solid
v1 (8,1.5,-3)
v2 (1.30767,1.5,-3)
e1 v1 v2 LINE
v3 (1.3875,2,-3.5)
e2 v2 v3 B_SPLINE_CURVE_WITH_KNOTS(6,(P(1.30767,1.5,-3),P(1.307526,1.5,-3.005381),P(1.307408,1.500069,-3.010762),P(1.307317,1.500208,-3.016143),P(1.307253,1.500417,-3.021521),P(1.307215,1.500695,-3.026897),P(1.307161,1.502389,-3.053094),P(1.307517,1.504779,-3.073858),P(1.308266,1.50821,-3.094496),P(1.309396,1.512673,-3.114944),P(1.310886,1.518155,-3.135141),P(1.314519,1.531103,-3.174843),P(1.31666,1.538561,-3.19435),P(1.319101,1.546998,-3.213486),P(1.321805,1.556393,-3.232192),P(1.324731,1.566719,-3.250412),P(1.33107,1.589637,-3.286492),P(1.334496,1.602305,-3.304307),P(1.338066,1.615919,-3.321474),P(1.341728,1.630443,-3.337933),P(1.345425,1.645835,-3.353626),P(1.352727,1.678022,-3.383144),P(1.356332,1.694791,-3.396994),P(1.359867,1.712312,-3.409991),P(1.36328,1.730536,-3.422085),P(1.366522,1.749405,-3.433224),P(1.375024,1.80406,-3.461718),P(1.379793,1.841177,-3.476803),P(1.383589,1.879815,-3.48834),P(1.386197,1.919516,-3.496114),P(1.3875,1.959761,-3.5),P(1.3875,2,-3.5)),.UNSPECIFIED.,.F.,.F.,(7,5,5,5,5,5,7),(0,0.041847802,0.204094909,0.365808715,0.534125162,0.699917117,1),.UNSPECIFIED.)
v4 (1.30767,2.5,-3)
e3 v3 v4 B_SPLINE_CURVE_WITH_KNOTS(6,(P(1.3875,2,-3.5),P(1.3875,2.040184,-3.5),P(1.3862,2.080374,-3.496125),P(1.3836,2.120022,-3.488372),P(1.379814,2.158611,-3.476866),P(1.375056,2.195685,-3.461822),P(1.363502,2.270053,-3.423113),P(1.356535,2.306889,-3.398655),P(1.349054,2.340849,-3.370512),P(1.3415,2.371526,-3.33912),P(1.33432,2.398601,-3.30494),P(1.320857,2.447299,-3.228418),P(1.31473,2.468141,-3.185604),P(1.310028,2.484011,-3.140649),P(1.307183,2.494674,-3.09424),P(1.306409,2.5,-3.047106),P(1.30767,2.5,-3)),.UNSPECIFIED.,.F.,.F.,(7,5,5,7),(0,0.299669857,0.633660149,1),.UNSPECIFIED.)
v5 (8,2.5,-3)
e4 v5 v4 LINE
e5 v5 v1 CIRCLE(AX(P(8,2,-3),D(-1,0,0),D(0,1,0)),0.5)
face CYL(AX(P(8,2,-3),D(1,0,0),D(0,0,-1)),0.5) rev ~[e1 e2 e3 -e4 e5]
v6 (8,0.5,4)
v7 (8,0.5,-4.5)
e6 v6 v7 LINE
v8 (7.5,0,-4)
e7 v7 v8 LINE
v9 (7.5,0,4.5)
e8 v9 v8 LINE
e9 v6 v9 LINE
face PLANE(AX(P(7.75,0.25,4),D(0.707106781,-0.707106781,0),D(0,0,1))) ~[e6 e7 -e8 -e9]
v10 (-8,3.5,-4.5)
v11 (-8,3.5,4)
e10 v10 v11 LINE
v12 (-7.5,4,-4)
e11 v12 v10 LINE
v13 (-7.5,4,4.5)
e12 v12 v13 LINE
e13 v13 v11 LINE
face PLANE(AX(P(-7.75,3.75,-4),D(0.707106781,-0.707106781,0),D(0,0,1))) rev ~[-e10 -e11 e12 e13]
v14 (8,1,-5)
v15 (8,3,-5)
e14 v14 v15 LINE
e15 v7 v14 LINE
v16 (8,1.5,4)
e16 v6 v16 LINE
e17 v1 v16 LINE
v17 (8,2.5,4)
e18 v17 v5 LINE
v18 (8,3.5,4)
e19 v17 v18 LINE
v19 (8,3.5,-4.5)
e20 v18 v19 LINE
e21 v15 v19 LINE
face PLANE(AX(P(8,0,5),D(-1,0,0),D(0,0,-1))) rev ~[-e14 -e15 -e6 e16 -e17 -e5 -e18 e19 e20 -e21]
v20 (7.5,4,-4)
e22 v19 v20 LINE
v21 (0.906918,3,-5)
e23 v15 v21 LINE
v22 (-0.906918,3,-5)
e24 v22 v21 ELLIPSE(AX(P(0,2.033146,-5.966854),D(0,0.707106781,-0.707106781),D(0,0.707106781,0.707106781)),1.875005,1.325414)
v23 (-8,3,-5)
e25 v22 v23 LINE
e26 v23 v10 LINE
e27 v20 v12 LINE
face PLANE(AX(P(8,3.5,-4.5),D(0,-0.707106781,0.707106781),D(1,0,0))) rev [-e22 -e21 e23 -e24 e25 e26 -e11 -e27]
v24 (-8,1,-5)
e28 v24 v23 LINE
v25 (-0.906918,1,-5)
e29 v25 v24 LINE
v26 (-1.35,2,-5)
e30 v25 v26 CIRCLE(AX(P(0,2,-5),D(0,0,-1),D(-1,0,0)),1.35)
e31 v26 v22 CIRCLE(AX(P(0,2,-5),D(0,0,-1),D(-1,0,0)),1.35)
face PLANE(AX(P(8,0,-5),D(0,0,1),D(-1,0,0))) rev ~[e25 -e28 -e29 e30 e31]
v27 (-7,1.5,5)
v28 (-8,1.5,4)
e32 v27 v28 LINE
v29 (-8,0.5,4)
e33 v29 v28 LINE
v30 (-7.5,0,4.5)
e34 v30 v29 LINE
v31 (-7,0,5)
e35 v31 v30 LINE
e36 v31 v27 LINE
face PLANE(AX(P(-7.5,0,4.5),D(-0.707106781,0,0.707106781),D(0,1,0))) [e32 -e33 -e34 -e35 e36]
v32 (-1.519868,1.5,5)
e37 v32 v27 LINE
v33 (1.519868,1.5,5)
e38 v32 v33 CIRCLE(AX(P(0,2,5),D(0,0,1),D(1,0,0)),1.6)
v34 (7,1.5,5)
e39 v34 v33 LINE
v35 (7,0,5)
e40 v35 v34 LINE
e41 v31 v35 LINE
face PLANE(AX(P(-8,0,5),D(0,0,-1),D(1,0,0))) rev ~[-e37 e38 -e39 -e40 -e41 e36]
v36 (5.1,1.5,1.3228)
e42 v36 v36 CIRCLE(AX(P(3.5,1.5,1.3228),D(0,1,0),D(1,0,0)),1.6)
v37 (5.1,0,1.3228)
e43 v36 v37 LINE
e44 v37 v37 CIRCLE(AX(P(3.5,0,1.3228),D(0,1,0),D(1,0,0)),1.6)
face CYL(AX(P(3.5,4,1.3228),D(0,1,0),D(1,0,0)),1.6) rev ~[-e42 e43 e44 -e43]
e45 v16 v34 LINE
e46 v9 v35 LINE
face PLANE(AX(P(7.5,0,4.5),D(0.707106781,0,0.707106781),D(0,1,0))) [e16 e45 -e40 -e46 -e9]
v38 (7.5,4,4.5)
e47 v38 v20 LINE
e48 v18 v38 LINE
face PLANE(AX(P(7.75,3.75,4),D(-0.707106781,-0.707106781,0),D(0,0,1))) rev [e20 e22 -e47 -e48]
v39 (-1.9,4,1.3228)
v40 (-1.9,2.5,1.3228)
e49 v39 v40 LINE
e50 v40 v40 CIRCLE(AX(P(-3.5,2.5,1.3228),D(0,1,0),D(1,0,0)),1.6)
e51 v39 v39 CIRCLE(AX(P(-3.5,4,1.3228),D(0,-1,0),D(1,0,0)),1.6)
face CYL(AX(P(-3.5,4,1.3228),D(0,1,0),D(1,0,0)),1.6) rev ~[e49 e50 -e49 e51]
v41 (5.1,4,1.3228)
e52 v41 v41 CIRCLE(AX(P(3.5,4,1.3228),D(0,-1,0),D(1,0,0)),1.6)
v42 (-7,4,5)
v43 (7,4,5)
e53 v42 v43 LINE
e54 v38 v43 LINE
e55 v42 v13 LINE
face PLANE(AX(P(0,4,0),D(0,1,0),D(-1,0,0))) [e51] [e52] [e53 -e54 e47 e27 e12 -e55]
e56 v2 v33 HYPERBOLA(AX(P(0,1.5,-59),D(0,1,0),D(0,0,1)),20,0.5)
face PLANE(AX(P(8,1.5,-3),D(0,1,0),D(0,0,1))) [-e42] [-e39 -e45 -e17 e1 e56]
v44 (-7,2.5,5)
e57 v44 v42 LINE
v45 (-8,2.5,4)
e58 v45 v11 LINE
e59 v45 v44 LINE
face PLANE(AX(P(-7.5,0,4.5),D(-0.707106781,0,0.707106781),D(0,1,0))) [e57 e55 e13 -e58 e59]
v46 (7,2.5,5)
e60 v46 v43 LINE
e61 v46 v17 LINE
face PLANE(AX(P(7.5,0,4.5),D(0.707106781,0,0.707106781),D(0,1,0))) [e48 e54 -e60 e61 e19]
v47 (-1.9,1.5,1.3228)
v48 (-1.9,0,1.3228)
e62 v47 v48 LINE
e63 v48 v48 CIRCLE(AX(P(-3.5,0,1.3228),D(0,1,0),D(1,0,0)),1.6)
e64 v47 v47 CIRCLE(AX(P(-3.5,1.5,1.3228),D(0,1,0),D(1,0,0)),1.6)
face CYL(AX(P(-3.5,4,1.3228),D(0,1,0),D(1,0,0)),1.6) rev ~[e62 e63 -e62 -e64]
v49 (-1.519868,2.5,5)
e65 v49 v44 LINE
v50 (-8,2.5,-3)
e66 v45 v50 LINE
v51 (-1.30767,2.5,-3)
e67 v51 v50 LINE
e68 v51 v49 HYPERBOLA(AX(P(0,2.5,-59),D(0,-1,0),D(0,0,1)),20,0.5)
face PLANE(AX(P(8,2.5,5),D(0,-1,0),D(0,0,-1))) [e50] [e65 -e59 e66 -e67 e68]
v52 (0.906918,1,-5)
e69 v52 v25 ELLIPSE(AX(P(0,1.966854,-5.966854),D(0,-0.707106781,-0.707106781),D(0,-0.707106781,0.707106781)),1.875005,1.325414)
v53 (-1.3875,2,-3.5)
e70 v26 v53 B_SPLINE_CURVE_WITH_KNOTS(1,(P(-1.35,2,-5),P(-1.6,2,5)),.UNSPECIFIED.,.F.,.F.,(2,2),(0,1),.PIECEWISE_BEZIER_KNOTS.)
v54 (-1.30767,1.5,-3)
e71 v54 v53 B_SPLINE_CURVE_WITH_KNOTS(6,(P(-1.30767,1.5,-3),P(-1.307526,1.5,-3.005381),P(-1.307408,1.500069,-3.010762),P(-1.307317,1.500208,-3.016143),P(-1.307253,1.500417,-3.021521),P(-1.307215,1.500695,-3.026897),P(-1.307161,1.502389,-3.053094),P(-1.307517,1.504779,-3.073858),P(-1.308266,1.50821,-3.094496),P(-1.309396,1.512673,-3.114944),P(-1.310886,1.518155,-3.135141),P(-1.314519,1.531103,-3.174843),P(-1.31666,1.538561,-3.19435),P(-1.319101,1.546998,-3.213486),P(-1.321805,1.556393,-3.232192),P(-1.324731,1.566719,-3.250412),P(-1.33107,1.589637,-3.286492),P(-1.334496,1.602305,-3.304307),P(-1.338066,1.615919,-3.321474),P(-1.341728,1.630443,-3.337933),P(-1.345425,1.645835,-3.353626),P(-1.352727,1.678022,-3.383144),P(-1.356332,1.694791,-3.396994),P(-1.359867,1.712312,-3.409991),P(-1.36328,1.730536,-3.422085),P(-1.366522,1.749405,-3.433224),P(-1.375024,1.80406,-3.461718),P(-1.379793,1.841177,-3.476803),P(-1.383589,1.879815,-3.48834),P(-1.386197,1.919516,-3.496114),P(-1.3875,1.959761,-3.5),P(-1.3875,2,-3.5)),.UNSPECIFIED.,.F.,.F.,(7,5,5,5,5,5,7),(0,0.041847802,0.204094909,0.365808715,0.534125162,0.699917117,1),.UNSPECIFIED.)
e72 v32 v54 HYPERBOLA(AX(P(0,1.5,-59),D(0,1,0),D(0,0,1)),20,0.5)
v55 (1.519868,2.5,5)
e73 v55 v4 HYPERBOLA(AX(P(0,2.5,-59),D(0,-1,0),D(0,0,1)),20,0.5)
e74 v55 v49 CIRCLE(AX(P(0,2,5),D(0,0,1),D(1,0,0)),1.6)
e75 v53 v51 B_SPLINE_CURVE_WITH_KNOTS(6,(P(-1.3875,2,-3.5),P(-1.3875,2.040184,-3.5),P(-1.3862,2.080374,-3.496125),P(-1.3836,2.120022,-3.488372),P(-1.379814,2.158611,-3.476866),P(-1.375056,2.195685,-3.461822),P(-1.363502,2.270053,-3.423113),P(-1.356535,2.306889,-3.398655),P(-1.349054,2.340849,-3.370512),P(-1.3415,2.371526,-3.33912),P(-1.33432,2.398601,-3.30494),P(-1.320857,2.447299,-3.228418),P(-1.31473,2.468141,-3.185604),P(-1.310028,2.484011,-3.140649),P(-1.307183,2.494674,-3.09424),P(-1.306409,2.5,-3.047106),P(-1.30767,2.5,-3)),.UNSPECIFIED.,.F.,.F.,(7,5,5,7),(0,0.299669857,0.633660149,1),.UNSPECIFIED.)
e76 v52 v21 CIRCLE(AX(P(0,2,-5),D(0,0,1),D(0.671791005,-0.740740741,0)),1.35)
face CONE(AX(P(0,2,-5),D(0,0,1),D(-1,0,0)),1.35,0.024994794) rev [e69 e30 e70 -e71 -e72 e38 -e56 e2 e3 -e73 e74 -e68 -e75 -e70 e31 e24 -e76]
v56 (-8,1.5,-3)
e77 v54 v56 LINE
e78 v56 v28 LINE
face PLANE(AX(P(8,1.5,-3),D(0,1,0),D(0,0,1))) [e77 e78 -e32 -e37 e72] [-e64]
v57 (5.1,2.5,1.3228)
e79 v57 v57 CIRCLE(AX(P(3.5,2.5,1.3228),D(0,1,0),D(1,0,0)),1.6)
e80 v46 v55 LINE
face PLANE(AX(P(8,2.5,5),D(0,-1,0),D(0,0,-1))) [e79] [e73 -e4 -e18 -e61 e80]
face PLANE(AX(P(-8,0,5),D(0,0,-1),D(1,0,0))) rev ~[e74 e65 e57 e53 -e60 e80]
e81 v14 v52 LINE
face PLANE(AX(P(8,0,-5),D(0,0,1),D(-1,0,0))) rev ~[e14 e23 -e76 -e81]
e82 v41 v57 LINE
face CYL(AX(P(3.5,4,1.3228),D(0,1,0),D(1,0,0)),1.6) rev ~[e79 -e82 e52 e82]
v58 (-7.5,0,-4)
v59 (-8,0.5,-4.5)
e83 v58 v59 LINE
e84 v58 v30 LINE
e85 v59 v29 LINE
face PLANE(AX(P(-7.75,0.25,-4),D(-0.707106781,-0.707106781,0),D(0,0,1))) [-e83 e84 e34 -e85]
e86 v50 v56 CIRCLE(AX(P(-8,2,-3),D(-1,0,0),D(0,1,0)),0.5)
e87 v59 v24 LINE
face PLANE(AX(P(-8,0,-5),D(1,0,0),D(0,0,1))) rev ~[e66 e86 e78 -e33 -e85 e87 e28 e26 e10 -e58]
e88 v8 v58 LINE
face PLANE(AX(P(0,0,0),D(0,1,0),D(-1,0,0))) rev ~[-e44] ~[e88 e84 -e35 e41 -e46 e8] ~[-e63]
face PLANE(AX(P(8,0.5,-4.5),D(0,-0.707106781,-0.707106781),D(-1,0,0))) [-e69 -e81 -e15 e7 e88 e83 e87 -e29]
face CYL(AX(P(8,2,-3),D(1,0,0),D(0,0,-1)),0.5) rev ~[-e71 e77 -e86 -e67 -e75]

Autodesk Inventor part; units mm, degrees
ref_plane "YZ Plane" through (0, 0, 0) normal (1, 0, 0) x (0, 1, 0)
ref_plane "XZ Plane" through (0, 0, 0) normal (0, 1, 0) x (-1, 0, 0)
ref_plane "XY Plane" through (0, 0, 0) normal (0, 0, 1) x (1, 0, 0)
sketch "Esboço1" plane through (0, 0, 0) normal (0, 1, 0) x (-1, 0, 0)
  line L0 (-8, -5) -> (8, -5)
  line L1 (8, -5) -> (8, 5)
  line L2 (8, 5) -> (-8, 5)
  line L3 (-8, 5) -> (-8, -5)
  line L4 (-8, -5) -> (8, 5) construction
  line L5 (8, -5) -> (-8, 5) construction
  point P0 (0, 0)
  dimension "d0" = 16
  dimension "d1" = 10
extrude "Extrusão1" add sketch "Esboço1" along normal blind 4
sketch "Esboço2" plane through (8, 0, 5) normal (1, 0, 0) x (0, 0, -1)
  line L0 (0, 0) -> (0, 4) projected
  line L1 (10, 0) -> (10, 4) projected
  line L2 (-0.795, 1.5) -> (-0.795, 2.5)
  line L3 (-0.795, 2.5) -> (6.8544, 2.5)
  line L4 (6.8544, 1.5) -> (-0.795, 1.5)
  line L5 (-0.795, 2.5) -> (8, 2.5)
  line L6 (8.5, 2) -> (8.5, 2)
  line L7 (8, 1.5) -> (-0.795, 1.5)
  line L8 (-0.795, 1.5) -> (-0.795, 2.5)
  arc A0 (8.5, 2) -> (8, 2.5) centre (8, 2) ccw
  arc A1 (8, 1.5) -> (8.5, 2) centre (8, 2) ccw
  point P0 (5, 0)
  point P1 (0, 2.5)
  point P2 (0, 1.5)
  point P3 (8.5, 1.5)
  point P4 (8.5, 2.5)
  dimension "d8" = 1
  dimension "d26" = 9.295
  dimension "d27" = 1
  dimension "d28" = 0.5
chamfer "Chanfro1" distance 1 angle 45 2 edges at (-8, 2, 5) (8, 2, 5)
chamfer "Chanfro2" distance 1 angle 45 2 edges at (0, 4, -5) (0, 0, -5)
chamfer "Chanfro3" distance 0.5 angle 45 4 edges at (8, 4, 0) (8, 0, 0) (-8, 4, 0) (-8, 0, 0)
sketch "Esboço3" plane through (0, 4, 0) normal (0, 1, 0) x (1, 0, 0)
  line L0 (-7.5, -4.5) -> (-7.5, 4) projected
  line L1 (7, -5) -> (8, -4) projected
  line L2 (-7.5, 4) -> (7.5, 4)
  line L3 (7.5, 4) -> (7.5, -4.5)
  line L4 (7.5, -4.5) -> (-7.5, -4.5)
  line L5 (-7.5, -4.5) -> (-7.5, 4)
  line L6 (8, 1.8544) -> (-8, 1.8544) projected
  line L7 (-7.5, 1.8544) -> (7.5, 1.8544)
  line L8 (7.5, 1.8544) -> (7.5, -4.5)
  line L9 (7.5, -4.5) -> (-7.5, -4.5)
  line L10 (-7.5, -4.5) -> (-7.5, 1.8544)
  line L11 (-7.5, -1.3228) -> (7.5, -1.3228)
  line L12 (-7.5, -1.3228) -> (-3.5, -1.3228)
  circle A0 centre (-3.5, -1.3228) radius 1.6
  line L13 (7.5, -1.3228) -> (3.5, -1.3228)
  circle A1 centre (3.5, -1.3228) radius 1.6
  point P0 (0, 0)
  dimension "d20" = 4
  dimension "d21" = 3.2
  dimension "d22" = 4
  dimension "d23" = 3.2
extrude "Extrusão3" cut sketch "Esboço3" against normal through all contours A0 L11 | L11 A0 | A1 L11 | L11 A1
extrude "Extrusão4" cut sketch "Esboço2" against normal through all contours L0 L3 L5 A0 A1 L7 L4
sketch "Esboço4" plane through (8, 1, -5) normal (0, 0, -1) x (-1, 0, 0)
  line L0 (0, 1.5) -> (0, 2.5) projected
  line L1 (16, 0) -> (16, 2) projected
  line L2 (16, 2) -> (16, 0)
  line L3 (0, 0) -> (0, 2)
  circle A0 centre (8, 1) radius 1.35
  point P0 (8, -1)
  dimension "d31" = 2.7
sketch "Esboço5" plane through (-7, 0, 5) normal (0, 0, 1) x (1, 0, 0)
  line L0 (0, 4) -> (-0.5, 4) projected
  line L1 (0, 0) -> (14, 0) projected
  line L2 (0, 4) -> (14, 4)
  line L3 (14, 4) -> (14, 0)
  line L4 (14, 0) -> (0, 0)
  line L5 (0, 0) -> (0, 4)
  circle A0 centre (7, 2) radius 1.6
  point P0 (7, 0)
  dimension "d32" = 3.2
loft "Transição1" cut profiles "Esboço4", "Esboço5" contours all / A0
properties part number "Sup_haste_corpo"
